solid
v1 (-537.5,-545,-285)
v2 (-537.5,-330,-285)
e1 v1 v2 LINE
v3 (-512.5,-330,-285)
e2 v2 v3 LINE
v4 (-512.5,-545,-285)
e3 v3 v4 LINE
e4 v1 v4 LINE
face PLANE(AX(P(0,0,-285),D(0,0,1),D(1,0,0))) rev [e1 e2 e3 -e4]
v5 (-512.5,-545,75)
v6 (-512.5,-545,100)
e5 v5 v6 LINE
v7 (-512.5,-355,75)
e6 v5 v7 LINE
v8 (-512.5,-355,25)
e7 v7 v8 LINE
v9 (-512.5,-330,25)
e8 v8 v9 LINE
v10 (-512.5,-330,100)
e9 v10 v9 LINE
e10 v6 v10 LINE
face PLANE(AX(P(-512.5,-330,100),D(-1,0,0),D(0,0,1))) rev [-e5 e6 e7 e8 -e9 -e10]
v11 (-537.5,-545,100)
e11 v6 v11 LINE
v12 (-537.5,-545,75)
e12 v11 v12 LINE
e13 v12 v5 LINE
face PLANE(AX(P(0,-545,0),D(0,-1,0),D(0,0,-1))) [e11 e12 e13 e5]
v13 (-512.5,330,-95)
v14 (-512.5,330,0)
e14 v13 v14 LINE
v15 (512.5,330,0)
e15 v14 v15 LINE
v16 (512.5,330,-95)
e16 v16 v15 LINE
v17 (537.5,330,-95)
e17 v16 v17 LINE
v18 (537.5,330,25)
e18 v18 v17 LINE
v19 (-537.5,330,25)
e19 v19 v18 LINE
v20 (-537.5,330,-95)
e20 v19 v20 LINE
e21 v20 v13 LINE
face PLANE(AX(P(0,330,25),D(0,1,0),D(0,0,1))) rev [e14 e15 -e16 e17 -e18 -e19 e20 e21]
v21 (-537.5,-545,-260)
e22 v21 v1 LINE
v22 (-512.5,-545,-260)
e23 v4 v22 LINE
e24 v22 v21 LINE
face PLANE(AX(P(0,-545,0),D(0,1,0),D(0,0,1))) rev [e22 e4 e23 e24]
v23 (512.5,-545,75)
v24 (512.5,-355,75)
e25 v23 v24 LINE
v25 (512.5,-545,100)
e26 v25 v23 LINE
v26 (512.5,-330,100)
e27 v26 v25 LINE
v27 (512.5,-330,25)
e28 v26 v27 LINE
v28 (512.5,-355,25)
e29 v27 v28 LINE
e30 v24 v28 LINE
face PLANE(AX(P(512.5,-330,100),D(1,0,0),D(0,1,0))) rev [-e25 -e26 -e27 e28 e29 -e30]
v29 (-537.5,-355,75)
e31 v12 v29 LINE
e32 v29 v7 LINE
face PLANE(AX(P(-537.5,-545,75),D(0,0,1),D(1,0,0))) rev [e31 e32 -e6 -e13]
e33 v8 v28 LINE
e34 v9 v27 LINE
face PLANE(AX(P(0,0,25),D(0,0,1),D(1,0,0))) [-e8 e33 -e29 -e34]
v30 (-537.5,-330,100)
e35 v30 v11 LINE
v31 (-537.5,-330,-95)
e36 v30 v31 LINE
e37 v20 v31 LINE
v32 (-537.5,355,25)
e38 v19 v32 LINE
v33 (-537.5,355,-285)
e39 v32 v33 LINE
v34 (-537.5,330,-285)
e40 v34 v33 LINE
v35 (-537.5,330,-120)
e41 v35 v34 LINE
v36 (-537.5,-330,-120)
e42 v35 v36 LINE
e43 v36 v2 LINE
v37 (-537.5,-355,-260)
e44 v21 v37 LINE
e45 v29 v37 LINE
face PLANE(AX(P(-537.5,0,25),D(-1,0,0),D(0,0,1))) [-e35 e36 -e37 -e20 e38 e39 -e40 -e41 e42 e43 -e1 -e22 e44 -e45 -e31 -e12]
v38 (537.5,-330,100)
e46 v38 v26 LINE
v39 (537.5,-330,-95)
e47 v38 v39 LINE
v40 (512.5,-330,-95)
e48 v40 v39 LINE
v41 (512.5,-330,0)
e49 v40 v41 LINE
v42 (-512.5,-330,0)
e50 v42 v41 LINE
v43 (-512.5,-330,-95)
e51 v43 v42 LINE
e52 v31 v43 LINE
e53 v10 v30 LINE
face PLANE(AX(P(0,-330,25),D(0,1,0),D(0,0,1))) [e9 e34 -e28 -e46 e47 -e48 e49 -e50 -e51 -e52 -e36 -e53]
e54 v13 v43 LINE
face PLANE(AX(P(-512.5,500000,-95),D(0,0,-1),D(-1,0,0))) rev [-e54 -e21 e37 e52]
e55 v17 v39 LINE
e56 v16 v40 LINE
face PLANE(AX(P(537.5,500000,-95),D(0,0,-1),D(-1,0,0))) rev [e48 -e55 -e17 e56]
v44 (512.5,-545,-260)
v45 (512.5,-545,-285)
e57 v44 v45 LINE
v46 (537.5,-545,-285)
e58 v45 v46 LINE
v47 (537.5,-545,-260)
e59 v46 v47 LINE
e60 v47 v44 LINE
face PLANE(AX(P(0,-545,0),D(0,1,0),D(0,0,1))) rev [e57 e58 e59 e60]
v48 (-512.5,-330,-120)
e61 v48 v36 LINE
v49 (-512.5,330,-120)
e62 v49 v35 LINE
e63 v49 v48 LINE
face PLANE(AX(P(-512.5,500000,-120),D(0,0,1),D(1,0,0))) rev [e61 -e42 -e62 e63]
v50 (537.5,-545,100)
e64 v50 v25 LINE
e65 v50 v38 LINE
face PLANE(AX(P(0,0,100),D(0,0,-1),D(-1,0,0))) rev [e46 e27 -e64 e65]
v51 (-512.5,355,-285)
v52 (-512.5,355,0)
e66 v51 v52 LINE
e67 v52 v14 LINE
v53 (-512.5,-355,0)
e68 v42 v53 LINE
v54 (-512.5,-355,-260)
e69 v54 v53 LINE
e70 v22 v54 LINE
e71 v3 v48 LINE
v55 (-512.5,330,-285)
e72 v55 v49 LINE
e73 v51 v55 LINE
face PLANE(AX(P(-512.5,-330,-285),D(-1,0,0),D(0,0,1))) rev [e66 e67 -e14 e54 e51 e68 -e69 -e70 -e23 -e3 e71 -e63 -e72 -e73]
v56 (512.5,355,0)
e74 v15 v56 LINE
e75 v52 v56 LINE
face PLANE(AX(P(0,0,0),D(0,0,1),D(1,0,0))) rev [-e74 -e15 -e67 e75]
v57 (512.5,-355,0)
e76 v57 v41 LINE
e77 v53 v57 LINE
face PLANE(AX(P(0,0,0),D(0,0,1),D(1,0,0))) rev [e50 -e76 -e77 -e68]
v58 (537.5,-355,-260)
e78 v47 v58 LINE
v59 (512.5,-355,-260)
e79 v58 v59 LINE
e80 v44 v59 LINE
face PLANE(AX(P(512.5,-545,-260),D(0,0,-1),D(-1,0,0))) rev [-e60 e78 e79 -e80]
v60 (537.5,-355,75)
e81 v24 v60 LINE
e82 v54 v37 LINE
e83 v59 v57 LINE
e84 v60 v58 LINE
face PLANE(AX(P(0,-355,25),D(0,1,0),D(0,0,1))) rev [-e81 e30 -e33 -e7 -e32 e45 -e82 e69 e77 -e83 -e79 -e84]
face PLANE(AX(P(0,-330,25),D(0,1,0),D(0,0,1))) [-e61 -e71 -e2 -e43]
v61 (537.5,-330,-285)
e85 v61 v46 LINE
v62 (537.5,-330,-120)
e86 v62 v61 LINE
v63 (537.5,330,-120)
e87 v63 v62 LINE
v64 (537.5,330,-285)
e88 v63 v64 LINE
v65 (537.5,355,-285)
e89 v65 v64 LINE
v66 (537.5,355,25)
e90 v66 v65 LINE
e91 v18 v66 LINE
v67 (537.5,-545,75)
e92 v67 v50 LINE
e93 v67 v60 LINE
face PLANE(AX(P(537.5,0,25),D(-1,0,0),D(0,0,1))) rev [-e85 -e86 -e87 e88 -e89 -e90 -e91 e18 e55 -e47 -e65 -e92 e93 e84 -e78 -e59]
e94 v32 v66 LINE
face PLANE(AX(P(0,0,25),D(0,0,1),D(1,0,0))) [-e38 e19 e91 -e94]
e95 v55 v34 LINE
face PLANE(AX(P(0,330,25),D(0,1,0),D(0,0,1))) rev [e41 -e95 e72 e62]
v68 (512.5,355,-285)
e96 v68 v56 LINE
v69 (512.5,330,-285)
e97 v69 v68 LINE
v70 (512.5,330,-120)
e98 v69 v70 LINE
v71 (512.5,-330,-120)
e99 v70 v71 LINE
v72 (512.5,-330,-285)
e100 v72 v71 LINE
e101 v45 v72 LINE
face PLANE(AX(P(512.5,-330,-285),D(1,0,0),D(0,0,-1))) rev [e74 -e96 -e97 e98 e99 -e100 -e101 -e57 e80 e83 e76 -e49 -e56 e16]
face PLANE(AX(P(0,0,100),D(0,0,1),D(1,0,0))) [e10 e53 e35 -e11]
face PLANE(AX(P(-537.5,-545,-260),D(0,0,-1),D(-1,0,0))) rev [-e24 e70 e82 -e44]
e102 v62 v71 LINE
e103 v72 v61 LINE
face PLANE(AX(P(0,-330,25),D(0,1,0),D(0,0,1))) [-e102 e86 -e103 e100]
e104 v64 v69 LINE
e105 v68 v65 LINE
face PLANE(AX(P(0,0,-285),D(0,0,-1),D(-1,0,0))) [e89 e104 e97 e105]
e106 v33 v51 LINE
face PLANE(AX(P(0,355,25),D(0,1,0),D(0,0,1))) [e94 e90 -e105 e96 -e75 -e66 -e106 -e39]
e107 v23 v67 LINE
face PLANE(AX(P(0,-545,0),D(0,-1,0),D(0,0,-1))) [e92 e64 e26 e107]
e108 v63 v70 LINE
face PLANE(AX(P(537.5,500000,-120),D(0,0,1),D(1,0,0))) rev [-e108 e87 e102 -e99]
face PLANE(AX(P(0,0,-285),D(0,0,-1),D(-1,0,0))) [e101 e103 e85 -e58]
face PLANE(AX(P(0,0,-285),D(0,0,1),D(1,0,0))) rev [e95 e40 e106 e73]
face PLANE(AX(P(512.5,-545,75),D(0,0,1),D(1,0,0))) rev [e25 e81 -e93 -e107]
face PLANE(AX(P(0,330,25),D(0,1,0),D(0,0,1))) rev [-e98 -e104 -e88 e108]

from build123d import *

# Parameters (mm, degrees)
SKETCH1_W             = 1075
SKETCH1_H             = 25
BOSS_EXTRUDE1_DEPTH   = 25
BOSS_EXTRUDE1_2_DEPTH = 25
SKETCH2_W             = 25
SKETCH2_H             = 25
BOSS_EXTRUDE2_DEPTH   = 285
BOSS_EXTRUDE3_REACH   = 918.164
SKETCH3_W             = 25
SKETCH3_H             = 25
SKETCH4_W             = 25
SKETCH4_H             = 25
BOSS_EXTRUDE4_DEPTH   = 75
SKETCH5_W             = 25
SKETCH5_H             = 25
BOSS_EXTRUDE5_DEPTH   = 190


with BuildPart() as part:
    # Sketch1 → Boss-Extrude1 (new body)
    with BuildSketch(Plane.XY):
        with Locations((0, -342.5)):
            Rectangle(SKETCH1_W, SKETCH1_H)
    extrude(amount=BOSS_EXTRUDE1_DEPTH)



with BuildPart() as body_2:
    # Sketch1 → Boss-Extrude1 2 (new body)
    with BuildSketch(Plane.XY):
        with Locations((0, 342.5)):
            Rectangle(SKETCH1_W, SKETCH1_H)
    extrude(amount=BOSS_EXTRUDE1_2_DEPTH)


with BuildPart() as part_1:
    add(part.part)

    add(body_2.part)  # Boss-Extrude2 merges body 2
    # Sketch2 → Boss-Extrude2 (add)
    with BuildSketch(Plane(origin=(0, 0, 0), x_dir=(-1, 0, 0), z_dir=(0, 0, -1))):
        with Locations((-525, 342.5)):
            Rectangle(SKETCH2_W, SKETCH2_H)
        with Locations((525, 342.5)):
            Rectangle(SKETCH2_W, SKETCH2_H)
        with Locations((525, -342.5)):
            Rectangle(SKETCH2_W, SKETCH2_H)
        with Locations((-525, -342.5)):
            Rectangle(SKETCH2_W, SKETCH2_H)
    extrude(amount=BOSS_EXTRUDE2_DEPTH)

    # Sketch3 → Boss-Extrude3 (add, up to next)
    with BuildSketch(Plane(origin=(0, -330, 0), x_dir=(1, 0, 0), z_dir=(0, 1, 0)), mode=Mode.PRIVATE) as boss_extrude3_sk1:
        with Locations((-525, 107.5)):
            Rectangle(SKETCH3_W, SKETCH3_H)
    boss_extrude3_tool1 = extrude(boss_extrude3_sk1.sketch, amount=BOSS_EXTRUDE3_REACH, mode=Mode.PRIVATE) - part_1.part
    # Sketch3 → Boss-Extrude3 (add, up to next)
    with BuildSketch(Plane(origin=(0, -330, 0), x_dir=(1, 0, 0), z_dir=(0, 1, 0)), mode=Mode.PRIVATE) as boss_extrude3_sk2:
        with Locations((525, 107.5)):
            Rectangle(SKETCH3_W, SKETCH3_H)
    boss_extrude3_tool2 = extrude(boss_extrude3_sk2.sketch, amount=BOSS_EXTRUDE3_REACH, mode=Mode.PRIVATE) - part_1.part
    add(boss_extrude3_tool1.solids().sort_by_distance((-525, -330, -107.5))[0])
    add(boss_extrude3_tool2.solids().sort_by_distance((525, -330, -107.5))[0])

    # Sketch4 → Boss-Extrude4 (add)
    with BuildSketch(Plane.XY.offset(25)):
        with Locations((-525, -342.5)):
            Rectangle(SKETCH4_W, SKETCH4_H)
        with Locations((525, -342.5)):
            Rectangle(SKETCH4_W, SKETCH4_H)
    extrude(amount=BOSS_EXTRUDE4_DEPTH)

    # Sketch5 → Boss-Extrude5 (add)
    with BuildSketch(Plane.XZ.offset(355)):
        with Locations((-525, -272.5)):
            Rectangle(SKETCH5_W, SKETCH5_H)
        with Locations((-525, 87.5)):
            Rectangle(SKETCH5_W, SKETCH5_H)
        with Locations((525, 87.5)):
            Rectangle(SKETCH5_W, SKETCH5_H)
        with Locations((525, -272.5)):
            Rectangle(SKETCH5_W, SKETCH5_H)
    extrude(amount=BOSS_EXTRUDE5_DEPTH)


solid = part_1.part
